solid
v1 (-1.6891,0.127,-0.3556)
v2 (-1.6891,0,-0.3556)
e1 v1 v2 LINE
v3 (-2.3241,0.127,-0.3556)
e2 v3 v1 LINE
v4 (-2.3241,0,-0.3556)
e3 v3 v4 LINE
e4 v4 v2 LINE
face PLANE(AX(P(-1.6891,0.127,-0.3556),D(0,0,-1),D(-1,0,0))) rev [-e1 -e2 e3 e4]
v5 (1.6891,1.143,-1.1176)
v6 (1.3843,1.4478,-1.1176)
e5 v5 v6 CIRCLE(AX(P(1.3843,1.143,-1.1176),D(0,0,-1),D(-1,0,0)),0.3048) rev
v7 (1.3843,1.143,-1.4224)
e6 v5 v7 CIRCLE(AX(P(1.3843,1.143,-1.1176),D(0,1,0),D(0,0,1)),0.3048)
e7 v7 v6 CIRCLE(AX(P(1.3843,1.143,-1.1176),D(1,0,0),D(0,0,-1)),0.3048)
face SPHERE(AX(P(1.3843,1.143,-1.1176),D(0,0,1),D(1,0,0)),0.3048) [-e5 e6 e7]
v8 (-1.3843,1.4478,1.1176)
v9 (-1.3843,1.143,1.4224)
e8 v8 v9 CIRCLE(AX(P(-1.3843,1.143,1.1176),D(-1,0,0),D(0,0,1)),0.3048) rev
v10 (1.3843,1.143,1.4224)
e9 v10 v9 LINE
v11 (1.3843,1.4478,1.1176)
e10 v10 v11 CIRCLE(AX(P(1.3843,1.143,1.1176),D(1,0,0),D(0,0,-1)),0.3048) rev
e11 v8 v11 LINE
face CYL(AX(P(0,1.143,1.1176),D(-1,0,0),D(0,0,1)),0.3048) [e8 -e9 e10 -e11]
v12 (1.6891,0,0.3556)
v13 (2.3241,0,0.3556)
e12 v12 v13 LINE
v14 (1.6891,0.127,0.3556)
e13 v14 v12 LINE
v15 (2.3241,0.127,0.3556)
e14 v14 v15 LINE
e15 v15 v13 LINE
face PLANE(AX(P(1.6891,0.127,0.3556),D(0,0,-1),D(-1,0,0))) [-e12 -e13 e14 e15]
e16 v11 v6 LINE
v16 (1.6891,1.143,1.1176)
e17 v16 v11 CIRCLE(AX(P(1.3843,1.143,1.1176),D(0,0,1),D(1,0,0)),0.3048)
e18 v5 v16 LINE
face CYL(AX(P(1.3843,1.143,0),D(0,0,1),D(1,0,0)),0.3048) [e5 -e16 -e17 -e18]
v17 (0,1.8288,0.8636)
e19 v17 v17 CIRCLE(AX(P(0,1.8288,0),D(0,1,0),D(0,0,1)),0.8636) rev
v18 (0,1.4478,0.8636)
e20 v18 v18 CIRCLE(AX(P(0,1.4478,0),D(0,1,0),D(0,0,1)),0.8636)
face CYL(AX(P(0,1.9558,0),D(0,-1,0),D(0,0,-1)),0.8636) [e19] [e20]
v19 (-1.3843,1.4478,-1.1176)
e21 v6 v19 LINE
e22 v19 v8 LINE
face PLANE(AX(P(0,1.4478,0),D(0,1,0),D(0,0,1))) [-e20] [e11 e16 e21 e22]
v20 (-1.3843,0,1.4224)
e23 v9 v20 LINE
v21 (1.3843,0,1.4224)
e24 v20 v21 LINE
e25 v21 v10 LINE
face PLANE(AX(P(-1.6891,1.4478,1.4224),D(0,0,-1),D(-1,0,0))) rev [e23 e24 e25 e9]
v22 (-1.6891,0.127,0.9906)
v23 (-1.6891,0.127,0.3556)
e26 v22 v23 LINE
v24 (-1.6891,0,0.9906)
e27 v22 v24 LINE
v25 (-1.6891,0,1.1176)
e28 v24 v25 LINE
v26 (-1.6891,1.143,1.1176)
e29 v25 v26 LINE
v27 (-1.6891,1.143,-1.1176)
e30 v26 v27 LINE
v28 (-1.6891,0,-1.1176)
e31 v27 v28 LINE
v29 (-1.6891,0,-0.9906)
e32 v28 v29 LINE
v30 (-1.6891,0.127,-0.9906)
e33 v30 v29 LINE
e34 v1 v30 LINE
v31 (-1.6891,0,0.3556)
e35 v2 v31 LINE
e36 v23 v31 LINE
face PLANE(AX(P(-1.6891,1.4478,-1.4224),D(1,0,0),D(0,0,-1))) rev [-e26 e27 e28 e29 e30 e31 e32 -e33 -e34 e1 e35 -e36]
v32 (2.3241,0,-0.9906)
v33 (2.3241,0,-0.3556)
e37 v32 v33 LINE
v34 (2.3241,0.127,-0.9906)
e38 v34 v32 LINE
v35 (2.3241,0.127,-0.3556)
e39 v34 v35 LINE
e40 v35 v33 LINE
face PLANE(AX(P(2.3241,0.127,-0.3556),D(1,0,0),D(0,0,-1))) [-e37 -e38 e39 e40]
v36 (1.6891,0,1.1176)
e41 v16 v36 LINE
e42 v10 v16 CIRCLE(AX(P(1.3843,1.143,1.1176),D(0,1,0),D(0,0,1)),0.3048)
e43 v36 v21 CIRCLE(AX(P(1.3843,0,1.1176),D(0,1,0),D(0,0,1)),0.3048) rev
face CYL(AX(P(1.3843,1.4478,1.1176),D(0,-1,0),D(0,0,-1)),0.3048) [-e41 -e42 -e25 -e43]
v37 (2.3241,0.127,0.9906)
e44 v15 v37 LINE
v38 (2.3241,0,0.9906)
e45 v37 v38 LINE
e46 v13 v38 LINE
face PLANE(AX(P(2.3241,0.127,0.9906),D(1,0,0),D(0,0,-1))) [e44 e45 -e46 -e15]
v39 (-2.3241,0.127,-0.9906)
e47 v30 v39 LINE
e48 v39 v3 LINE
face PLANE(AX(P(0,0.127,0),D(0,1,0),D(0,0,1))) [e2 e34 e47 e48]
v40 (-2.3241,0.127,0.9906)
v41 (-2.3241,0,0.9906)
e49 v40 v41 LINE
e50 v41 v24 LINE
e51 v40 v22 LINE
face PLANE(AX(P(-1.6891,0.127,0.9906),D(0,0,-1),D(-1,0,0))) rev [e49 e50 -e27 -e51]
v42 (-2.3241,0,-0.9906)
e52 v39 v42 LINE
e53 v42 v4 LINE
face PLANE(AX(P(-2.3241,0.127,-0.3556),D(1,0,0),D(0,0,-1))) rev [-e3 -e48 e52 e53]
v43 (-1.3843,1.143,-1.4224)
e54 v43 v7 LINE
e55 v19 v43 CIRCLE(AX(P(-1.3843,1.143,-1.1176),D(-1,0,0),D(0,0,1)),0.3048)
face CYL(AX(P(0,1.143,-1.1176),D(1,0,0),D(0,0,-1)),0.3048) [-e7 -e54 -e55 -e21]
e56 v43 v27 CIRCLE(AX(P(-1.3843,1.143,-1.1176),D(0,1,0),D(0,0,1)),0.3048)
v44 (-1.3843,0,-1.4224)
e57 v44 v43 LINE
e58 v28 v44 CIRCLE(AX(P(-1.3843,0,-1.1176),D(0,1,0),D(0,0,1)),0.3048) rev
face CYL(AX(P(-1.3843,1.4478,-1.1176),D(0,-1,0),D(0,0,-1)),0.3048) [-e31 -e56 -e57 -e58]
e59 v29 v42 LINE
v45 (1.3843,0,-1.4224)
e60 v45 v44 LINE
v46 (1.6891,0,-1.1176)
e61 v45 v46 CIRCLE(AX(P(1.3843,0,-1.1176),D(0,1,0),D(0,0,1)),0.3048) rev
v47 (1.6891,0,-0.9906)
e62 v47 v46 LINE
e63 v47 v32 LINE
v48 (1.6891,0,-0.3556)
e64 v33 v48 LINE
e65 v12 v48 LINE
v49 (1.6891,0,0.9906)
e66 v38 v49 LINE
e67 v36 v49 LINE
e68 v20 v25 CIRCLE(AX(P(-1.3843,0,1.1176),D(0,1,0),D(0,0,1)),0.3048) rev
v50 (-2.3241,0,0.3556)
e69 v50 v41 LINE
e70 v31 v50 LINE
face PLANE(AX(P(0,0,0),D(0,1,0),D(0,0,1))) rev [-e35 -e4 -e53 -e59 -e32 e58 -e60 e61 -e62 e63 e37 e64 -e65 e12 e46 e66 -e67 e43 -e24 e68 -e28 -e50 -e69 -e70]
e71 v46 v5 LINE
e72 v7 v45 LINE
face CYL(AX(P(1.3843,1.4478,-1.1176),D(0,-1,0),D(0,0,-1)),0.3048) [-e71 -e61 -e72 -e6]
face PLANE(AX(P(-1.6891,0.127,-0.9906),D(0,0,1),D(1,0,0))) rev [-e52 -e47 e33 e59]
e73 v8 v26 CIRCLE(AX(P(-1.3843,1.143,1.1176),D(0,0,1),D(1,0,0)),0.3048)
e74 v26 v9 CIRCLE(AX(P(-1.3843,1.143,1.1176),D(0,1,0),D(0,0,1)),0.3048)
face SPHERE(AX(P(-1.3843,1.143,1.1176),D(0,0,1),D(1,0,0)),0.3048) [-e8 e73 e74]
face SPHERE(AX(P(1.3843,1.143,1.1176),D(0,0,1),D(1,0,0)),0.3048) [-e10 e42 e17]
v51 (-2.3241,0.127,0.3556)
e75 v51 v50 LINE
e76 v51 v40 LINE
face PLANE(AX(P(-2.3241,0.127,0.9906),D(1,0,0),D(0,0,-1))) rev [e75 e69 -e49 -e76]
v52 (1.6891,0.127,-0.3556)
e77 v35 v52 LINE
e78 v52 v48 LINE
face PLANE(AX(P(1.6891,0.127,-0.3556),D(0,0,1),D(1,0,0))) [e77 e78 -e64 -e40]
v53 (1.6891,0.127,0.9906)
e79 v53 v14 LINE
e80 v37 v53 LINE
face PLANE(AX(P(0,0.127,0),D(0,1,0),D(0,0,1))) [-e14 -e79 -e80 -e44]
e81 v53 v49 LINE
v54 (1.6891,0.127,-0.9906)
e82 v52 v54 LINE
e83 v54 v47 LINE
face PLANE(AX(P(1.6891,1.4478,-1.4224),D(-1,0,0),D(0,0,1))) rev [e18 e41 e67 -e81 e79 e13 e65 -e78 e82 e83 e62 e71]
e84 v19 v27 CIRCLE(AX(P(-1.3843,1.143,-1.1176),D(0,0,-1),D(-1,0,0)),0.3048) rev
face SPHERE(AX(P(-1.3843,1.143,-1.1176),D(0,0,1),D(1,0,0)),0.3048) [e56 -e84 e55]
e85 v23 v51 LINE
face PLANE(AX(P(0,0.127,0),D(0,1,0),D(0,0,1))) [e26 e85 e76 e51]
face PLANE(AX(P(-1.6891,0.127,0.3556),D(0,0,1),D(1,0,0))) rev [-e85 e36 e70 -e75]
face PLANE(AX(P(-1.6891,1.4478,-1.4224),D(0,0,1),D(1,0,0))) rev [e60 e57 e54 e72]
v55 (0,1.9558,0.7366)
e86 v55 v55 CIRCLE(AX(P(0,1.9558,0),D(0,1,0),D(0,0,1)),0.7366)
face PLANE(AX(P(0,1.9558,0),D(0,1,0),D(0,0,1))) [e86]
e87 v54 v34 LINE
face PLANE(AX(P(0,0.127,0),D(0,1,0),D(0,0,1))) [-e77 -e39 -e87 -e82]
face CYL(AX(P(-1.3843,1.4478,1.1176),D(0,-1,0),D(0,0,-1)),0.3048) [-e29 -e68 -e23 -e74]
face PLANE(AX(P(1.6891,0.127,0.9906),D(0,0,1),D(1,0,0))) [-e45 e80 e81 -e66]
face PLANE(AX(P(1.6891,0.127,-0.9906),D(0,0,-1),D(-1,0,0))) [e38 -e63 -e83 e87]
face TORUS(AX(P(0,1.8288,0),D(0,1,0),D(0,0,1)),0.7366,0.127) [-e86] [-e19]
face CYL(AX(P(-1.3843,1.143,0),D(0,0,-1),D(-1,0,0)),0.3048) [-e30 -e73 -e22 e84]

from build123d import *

# Parameters (mm, degrees)
SKETCH1_W           = 3.3782
SKETCH1_H           = 2.8448
BOSS_EXTRUDE1_DEPTH = 1.4478
FILLET1_R           = 0.3048
SKETCH2_R           = 0.8636
BOSS_EXTRUDE2_DEPTH = 0.508
FILLET2_R           = 0.127
SKETCH3_W           = 0.635
SKETCH3_H           = 0.635
BOSS_EXTRUDE3_DEPTH = 0.127


with BuildPart() as part:
    # Sketch1 → Boss-Extrude1 (new body)
    with BuildSketch(Plane(origin=(0, 0, 0), x_dir=(1, 0, 0), z_dir=(0, 1, 0))):
        Rectangle(SKETCH1_W, SKETCH1_H)
    extrude(amount=BOSS_EXTRUDE1_DEPTH)

    # Fillet1
    fillet1_edges = [part.edges().sort_by_distance(p)[0] for p in [
        (-1.6891, 1.4478, 0),
        (0, 1.4478, 1.4224),
        (1.6891, 1.4478, 0),
        (0, 1.4478, -1.4224),
        (1.6891, 0.7239, 1.4224),
        (-1.6891, 0.7239, 1.4224),
        (-1.6891, 0.7239, -1.4224),
        (1.6891, 0.7239, -1.4224),
    ]]
    fillet(fillet1_edges, radius=FILLET1_R)

    # Sketch2 → Boss-Extrude2 (add)
    with BuildSketch(Plane(origin=(0, 1.4478, 0), x_dir=(1, 0, 0), z_dir=(0, 1, 0))):
        with Locations(Location((0, 0, 0), (0, 0, 270))):
            Circle(SKETCH2_R)
    extrude(amount=BOSS_EXTRUDE2_DEPTH)

    # Fillet2
    fillet2_edges = [part.edges().sort_by_distance(p)[0] for p in [
        (0, 1.9558, -0.8636),
    ]]
    fillet(fillet2_edges, radius=FILLET2_R)

    # Sketch3 → Boss-Extrude3 (add)
    with BuildSketch(Plane(origin=(0, 0, 0), x_dir=(1, 0, 0), z_dir=(0, 1, 0))):
        with Locations((-2.0066, 0.6731)):
            Rectangle(SKETCH3_W, SKETCH3_H)
        with Locations((-2.0066, -0.6731)):
            Rectangle(SKETCH3_W, SKETCH3_H)
    boss_extrude3 = extrude(amount=BOSS_EXTRUDE3_DEPTH)

    # Mirror1: Boss-Extrude3 across plane
    add(boss_extrude3.mirror(Plane(origin=(0, 0, 0), x_dir=(0, 0, 1), z_dir=(1, 0, 0))))


solid = part.part
